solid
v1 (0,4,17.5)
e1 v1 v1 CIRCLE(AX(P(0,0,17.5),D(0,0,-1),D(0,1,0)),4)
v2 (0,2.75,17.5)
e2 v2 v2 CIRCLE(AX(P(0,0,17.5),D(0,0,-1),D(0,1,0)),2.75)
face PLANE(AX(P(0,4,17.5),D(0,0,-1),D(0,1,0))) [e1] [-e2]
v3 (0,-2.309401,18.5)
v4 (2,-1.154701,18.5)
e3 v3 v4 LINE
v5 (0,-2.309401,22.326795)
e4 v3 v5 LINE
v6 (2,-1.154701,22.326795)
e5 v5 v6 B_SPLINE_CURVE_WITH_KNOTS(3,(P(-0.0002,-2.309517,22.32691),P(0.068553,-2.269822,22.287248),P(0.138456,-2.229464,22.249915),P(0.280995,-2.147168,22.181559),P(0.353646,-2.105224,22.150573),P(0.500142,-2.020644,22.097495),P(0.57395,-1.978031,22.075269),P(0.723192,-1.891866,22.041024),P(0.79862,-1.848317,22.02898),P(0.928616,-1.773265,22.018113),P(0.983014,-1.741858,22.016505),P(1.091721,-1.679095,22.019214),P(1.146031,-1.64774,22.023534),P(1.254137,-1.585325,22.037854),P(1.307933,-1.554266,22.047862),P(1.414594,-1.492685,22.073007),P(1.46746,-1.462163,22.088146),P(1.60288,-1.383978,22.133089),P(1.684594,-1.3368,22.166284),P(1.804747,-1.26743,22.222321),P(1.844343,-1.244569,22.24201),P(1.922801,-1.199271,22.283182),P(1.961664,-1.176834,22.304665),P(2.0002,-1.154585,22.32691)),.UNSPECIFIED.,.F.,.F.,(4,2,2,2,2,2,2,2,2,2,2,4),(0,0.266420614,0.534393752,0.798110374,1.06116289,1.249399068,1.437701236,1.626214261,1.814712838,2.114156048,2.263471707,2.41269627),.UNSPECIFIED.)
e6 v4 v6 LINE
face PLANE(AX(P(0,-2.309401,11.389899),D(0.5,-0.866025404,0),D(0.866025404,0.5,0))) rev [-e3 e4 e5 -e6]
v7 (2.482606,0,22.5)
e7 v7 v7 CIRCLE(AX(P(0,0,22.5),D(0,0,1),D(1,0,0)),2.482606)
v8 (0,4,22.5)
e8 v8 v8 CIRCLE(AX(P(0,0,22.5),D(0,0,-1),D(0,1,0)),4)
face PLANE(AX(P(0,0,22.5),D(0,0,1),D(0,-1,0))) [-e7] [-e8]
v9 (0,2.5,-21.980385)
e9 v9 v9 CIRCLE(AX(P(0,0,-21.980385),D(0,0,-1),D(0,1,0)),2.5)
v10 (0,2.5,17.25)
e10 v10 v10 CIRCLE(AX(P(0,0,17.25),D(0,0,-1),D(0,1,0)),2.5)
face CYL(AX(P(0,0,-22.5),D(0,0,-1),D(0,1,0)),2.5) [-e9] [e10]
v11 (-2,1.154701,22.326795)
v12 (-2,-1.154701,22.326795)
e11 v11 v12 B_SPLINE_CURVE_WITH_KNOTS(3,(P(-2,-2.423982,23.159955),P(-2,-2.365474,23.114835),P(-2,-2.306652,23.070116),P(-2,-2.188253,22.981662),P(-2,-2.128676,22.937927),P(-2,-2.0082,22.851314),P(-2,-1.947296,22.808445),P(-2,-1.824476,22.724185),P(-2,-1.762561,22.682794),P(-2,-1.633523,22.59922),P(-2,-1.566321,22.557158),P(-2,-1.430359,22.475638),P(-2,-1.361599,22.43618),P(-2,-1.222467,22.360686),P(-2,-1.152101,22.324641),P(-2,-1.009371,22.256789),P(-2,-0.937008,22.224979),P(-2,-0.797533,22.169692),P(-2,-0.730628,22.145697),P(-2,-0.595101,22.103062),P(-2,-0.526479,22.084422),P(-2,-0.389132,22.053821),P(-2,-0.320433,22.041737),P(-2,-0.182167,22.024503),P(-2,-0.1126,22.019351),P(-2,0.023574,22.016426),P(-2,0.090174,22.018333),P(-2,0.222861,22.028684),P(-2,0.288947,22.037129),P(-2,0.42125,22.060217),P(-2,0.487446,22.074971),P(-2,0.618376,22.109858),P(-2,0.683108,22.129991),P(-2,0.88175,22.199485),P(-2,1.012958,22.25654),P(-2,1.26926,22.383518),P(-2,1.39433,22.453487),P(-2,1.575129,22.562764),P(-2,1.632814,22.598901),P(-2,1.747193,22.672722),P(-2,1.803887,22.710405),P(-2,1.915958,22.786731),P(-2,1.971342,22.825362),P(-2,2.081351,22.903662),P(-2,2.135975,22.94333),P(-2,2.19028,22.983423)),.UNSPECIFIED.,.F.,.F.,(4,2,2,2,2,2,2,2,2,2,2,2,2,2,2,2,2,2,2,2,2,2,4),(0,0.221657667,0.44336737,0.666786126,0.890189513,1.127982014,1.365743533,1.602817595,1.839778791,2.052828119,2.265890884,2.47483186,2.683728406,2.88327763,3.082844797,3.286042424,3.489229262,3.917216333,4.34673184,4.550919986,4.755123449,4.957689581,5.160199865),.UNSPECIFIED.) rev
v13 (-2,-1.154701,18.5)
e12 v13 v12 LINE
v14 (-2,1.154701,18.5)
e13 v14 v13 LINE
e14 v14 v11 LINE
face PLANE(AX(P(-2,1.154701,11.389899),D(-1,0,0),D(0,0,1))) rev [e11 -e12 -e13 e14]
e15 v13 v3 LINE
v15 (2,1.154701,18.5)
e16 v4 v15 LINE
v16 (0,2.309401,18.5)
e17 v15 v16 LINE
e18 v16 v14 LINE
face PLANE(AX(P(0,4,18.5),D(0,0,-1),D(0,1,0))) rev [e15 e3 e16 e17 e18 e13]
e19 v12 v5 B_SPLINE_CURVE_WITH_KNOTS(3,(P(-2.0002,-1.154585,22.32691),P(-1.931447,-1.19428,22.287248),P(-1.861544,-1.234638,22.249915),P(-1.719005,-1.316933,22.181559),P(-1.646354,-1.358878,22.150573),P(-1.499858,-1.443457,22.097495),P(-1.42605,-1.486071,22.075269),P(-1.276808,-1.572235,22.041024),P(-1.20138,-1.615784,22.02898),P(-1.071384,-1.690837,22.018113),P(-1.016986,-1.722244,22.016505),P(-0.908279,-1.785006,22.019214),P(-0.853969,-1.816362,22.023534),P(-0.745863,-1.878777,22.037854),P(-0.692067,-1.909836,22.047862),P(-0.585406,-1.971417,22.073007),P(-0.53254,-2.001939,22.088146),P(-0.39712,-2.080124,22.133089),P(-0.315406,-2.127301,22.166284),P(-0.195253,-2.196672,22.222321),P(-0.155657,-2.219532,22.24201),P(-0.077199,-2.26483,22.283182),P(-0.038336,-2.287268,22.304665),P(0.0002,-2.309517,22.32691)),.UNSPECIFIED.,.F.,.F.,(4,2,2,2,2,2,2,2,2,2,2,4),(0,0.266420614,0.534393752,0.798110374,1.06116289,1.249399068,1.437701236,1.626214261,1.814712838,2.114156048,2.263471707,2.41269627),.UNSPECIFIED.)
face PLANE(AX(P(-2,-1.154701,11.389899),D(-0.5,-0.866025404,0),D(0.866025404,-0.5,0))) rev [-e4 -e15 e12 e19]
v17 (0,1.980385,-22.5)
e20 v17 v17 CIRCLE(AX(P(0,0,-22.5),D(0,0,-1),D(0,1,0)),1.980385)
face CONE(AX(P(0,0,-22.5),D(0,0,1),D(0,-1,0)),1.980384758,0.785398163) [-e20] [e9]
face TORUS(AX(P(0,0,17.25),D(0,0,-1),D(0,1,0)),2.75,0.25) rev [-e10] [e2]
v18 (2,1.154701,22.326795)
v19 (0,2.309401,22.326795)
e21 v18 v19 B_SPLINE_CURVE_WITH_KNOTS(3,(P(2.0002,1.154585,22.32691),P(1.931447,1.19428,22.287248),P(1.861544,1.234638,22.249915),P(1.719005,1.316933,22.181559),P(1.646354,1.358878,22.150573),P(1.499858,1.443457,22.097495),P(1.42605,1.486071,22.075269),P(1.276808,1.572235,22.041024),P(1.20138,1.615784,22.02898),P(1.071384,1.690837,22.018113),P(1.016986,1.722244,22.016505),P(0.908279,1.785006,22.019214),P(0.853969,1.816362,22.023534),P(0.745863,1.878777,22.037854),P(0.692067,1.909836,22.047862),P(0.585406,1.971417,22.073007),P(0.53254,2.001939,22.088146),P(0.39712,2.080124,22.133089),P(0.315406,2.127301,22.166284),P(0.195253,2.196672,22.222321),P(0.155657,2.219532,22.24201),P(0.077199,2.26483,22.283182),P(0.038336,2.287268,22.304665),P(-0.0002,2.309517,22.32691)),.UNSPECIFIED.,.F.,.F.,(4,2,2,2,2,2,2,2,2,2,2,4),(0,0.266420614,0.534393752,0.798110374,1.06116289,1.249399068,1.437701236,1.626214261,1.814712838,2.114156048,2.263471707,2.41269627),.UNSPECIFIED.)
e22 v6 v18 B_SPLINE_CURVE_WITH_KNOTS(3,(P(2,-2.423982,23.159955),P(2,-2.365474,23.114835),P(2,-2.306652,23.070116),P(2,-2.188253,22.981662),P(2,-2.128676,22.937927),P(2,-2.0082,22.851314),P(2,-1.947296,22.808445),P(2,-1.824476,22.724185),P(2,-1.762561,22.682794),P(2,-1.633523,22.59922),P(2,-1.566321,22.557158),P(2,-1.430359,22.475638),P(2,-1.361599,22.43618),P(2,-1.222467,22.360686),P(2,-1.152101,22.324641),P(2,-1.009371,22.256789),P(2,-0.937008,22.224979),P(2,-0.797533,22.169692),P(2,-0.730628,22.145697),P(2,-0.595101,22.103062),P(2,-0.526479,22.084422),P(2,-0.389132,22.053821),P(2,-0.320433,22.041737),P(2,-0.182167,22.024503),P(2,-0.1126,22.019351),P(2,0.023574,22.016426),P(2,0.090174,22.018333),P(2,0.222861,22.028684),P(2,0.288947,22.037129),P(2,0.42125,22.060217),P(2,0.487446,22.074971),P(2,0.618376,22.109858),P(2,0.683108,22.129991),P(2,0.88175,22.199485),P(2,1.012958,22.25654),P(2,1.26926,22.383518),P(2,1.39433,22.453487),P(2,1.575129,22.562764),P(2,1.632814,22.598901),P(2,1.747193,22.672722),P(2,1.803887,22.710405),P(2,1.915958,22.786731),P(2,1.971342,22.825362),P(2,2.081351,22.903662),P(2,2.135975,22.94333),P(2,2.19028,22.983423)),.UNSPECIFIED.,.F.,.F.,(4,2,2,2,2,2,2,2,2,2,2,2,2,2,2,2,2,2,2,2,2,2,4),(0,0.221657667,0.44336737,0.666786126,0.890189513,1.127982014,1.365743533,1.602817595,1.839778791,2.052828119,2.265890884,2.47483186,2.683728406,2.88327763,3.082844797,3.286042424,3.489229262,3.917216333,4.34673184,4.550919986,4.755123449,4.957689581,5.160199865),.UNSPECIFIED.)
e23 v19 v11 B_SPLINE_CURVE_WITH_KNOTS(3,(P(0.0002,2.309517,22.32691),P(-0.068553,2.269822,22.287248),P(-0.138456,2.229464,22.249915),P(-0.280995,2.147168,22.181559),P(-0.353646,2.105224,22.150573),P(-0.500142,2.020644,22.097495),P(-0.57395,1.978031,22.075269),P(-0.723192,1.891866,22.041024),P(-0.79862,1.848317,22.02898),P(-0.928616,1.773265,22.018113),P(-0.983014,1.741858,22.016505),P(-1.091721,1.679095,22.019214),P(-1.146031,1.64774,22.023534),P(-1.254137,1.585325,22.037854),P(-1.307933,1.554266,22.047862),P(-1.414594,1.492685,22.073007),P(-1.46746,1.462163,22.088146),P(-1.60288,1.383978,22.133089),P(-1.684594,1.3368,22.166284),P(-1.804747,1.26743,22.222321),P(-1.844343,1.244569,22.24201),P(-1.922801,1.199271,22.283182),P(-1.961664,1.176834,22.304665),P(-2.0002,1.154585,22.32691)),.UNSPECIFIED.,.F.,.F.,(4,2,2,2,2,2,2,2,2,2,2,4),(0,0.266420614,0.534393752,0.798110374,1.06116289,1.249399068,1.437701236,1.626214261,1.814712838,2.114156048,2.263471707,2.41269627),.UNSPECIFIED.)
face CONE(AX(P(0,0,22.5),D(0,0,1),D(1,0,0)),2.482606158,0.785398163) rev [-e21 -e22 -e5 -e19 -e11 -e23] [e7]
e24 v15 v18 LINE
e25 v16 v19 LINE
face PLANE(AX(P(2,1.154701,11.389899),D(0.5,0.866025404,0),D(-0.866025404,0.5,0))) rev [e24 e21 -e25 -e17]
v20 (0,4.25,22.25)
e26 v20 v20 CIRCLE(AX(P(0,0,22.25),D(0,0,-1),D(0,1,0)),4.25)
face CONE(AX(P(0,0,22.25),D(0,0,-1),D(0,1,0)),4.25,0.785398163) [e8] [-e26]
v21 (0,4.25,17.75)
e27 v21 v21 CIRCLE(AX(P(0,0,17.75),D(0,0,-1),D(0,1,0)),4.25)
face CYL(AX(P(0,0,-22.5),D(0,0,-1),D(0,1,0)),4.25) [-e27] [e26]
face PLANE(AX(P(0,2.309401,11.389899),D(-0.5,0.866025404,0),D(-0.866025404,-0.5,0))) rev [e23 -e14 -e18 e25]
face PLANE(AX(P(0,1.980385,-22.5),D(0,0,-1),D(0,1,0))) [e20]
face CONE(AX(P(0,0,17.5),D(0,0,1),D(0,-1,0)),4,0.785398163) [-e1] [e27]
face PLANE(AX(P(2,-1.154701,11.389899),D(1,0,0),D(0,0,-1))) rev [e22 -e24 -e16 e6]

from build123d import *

# Parameters (mm, degrees)
CUT_EXTRUDE1_DEPTH = 4


with BuildPart() as part:
    # Sketch2 → Revolve1 (revolve)
    with BuildSketch(Plane(origin=(0, 0, 0), x_dir=(0, 0, -1), z_dir=(1, 0, 0))):
        with BuildLine():
            Line((-22.5, 0), (-22.5, 4))
            Line((-22.5, 4), (-22.25, 4.25))
            Line((-22.25, 4.25), (-17.75, 4.25))
            Line((-17.75, 4.25), (-17.5, 4))
            Line((-17.5, 4), (-17.5, 2.75))
            ThreePointArc((-17.5, 2.75), (-17.426776695, 2.573223305), (-17.25, 2.5))
            Line((-17.25, 2.5), (21.980384758, 2.5))
            Line((21.980384758, 2.5), (22.5, 1.980384758))
            Line((22.5, 1.980384758), (22.5, 0))
            Line((22.5, 0), (-22.5, 0))
        make_face()
    revolve(axis=Axis((0, 0, -22.5), (0, 0, 1)))

    # Sketch3 → Cut-Extrude1 (cut)
    with BuildSketch(Plane.XY.offset(22.5)):
        Polygon((2, -1.154700538), (2, 1.154700538), (0, 2.309401077), (-2, 1.154700538), (-2, -1.154700538), (0, -2.309401077), align=None)
    extrude(amount=-CUT_EXTRUDE1_DEPTH, mode=Mode.SUBTRACT)

    # Cut-Extrude2 cone 1 section (through the dimple's axis) → Cut-Extrude2 (revolve, cut)
    with BuildSketch(Plane(origin=(0, 0, 22.5), x_dir=(0, -1, 0), z_dir=(1, 0, 0))):
        Polygon((0, 0), (2.482606158, 0), (0, 2.482606158), align=None)
    revolve(axis=Axis((0, 0, 22.5), (0, 0, -1)), mode=Mode.SUBTRACT)


solid = part.part
